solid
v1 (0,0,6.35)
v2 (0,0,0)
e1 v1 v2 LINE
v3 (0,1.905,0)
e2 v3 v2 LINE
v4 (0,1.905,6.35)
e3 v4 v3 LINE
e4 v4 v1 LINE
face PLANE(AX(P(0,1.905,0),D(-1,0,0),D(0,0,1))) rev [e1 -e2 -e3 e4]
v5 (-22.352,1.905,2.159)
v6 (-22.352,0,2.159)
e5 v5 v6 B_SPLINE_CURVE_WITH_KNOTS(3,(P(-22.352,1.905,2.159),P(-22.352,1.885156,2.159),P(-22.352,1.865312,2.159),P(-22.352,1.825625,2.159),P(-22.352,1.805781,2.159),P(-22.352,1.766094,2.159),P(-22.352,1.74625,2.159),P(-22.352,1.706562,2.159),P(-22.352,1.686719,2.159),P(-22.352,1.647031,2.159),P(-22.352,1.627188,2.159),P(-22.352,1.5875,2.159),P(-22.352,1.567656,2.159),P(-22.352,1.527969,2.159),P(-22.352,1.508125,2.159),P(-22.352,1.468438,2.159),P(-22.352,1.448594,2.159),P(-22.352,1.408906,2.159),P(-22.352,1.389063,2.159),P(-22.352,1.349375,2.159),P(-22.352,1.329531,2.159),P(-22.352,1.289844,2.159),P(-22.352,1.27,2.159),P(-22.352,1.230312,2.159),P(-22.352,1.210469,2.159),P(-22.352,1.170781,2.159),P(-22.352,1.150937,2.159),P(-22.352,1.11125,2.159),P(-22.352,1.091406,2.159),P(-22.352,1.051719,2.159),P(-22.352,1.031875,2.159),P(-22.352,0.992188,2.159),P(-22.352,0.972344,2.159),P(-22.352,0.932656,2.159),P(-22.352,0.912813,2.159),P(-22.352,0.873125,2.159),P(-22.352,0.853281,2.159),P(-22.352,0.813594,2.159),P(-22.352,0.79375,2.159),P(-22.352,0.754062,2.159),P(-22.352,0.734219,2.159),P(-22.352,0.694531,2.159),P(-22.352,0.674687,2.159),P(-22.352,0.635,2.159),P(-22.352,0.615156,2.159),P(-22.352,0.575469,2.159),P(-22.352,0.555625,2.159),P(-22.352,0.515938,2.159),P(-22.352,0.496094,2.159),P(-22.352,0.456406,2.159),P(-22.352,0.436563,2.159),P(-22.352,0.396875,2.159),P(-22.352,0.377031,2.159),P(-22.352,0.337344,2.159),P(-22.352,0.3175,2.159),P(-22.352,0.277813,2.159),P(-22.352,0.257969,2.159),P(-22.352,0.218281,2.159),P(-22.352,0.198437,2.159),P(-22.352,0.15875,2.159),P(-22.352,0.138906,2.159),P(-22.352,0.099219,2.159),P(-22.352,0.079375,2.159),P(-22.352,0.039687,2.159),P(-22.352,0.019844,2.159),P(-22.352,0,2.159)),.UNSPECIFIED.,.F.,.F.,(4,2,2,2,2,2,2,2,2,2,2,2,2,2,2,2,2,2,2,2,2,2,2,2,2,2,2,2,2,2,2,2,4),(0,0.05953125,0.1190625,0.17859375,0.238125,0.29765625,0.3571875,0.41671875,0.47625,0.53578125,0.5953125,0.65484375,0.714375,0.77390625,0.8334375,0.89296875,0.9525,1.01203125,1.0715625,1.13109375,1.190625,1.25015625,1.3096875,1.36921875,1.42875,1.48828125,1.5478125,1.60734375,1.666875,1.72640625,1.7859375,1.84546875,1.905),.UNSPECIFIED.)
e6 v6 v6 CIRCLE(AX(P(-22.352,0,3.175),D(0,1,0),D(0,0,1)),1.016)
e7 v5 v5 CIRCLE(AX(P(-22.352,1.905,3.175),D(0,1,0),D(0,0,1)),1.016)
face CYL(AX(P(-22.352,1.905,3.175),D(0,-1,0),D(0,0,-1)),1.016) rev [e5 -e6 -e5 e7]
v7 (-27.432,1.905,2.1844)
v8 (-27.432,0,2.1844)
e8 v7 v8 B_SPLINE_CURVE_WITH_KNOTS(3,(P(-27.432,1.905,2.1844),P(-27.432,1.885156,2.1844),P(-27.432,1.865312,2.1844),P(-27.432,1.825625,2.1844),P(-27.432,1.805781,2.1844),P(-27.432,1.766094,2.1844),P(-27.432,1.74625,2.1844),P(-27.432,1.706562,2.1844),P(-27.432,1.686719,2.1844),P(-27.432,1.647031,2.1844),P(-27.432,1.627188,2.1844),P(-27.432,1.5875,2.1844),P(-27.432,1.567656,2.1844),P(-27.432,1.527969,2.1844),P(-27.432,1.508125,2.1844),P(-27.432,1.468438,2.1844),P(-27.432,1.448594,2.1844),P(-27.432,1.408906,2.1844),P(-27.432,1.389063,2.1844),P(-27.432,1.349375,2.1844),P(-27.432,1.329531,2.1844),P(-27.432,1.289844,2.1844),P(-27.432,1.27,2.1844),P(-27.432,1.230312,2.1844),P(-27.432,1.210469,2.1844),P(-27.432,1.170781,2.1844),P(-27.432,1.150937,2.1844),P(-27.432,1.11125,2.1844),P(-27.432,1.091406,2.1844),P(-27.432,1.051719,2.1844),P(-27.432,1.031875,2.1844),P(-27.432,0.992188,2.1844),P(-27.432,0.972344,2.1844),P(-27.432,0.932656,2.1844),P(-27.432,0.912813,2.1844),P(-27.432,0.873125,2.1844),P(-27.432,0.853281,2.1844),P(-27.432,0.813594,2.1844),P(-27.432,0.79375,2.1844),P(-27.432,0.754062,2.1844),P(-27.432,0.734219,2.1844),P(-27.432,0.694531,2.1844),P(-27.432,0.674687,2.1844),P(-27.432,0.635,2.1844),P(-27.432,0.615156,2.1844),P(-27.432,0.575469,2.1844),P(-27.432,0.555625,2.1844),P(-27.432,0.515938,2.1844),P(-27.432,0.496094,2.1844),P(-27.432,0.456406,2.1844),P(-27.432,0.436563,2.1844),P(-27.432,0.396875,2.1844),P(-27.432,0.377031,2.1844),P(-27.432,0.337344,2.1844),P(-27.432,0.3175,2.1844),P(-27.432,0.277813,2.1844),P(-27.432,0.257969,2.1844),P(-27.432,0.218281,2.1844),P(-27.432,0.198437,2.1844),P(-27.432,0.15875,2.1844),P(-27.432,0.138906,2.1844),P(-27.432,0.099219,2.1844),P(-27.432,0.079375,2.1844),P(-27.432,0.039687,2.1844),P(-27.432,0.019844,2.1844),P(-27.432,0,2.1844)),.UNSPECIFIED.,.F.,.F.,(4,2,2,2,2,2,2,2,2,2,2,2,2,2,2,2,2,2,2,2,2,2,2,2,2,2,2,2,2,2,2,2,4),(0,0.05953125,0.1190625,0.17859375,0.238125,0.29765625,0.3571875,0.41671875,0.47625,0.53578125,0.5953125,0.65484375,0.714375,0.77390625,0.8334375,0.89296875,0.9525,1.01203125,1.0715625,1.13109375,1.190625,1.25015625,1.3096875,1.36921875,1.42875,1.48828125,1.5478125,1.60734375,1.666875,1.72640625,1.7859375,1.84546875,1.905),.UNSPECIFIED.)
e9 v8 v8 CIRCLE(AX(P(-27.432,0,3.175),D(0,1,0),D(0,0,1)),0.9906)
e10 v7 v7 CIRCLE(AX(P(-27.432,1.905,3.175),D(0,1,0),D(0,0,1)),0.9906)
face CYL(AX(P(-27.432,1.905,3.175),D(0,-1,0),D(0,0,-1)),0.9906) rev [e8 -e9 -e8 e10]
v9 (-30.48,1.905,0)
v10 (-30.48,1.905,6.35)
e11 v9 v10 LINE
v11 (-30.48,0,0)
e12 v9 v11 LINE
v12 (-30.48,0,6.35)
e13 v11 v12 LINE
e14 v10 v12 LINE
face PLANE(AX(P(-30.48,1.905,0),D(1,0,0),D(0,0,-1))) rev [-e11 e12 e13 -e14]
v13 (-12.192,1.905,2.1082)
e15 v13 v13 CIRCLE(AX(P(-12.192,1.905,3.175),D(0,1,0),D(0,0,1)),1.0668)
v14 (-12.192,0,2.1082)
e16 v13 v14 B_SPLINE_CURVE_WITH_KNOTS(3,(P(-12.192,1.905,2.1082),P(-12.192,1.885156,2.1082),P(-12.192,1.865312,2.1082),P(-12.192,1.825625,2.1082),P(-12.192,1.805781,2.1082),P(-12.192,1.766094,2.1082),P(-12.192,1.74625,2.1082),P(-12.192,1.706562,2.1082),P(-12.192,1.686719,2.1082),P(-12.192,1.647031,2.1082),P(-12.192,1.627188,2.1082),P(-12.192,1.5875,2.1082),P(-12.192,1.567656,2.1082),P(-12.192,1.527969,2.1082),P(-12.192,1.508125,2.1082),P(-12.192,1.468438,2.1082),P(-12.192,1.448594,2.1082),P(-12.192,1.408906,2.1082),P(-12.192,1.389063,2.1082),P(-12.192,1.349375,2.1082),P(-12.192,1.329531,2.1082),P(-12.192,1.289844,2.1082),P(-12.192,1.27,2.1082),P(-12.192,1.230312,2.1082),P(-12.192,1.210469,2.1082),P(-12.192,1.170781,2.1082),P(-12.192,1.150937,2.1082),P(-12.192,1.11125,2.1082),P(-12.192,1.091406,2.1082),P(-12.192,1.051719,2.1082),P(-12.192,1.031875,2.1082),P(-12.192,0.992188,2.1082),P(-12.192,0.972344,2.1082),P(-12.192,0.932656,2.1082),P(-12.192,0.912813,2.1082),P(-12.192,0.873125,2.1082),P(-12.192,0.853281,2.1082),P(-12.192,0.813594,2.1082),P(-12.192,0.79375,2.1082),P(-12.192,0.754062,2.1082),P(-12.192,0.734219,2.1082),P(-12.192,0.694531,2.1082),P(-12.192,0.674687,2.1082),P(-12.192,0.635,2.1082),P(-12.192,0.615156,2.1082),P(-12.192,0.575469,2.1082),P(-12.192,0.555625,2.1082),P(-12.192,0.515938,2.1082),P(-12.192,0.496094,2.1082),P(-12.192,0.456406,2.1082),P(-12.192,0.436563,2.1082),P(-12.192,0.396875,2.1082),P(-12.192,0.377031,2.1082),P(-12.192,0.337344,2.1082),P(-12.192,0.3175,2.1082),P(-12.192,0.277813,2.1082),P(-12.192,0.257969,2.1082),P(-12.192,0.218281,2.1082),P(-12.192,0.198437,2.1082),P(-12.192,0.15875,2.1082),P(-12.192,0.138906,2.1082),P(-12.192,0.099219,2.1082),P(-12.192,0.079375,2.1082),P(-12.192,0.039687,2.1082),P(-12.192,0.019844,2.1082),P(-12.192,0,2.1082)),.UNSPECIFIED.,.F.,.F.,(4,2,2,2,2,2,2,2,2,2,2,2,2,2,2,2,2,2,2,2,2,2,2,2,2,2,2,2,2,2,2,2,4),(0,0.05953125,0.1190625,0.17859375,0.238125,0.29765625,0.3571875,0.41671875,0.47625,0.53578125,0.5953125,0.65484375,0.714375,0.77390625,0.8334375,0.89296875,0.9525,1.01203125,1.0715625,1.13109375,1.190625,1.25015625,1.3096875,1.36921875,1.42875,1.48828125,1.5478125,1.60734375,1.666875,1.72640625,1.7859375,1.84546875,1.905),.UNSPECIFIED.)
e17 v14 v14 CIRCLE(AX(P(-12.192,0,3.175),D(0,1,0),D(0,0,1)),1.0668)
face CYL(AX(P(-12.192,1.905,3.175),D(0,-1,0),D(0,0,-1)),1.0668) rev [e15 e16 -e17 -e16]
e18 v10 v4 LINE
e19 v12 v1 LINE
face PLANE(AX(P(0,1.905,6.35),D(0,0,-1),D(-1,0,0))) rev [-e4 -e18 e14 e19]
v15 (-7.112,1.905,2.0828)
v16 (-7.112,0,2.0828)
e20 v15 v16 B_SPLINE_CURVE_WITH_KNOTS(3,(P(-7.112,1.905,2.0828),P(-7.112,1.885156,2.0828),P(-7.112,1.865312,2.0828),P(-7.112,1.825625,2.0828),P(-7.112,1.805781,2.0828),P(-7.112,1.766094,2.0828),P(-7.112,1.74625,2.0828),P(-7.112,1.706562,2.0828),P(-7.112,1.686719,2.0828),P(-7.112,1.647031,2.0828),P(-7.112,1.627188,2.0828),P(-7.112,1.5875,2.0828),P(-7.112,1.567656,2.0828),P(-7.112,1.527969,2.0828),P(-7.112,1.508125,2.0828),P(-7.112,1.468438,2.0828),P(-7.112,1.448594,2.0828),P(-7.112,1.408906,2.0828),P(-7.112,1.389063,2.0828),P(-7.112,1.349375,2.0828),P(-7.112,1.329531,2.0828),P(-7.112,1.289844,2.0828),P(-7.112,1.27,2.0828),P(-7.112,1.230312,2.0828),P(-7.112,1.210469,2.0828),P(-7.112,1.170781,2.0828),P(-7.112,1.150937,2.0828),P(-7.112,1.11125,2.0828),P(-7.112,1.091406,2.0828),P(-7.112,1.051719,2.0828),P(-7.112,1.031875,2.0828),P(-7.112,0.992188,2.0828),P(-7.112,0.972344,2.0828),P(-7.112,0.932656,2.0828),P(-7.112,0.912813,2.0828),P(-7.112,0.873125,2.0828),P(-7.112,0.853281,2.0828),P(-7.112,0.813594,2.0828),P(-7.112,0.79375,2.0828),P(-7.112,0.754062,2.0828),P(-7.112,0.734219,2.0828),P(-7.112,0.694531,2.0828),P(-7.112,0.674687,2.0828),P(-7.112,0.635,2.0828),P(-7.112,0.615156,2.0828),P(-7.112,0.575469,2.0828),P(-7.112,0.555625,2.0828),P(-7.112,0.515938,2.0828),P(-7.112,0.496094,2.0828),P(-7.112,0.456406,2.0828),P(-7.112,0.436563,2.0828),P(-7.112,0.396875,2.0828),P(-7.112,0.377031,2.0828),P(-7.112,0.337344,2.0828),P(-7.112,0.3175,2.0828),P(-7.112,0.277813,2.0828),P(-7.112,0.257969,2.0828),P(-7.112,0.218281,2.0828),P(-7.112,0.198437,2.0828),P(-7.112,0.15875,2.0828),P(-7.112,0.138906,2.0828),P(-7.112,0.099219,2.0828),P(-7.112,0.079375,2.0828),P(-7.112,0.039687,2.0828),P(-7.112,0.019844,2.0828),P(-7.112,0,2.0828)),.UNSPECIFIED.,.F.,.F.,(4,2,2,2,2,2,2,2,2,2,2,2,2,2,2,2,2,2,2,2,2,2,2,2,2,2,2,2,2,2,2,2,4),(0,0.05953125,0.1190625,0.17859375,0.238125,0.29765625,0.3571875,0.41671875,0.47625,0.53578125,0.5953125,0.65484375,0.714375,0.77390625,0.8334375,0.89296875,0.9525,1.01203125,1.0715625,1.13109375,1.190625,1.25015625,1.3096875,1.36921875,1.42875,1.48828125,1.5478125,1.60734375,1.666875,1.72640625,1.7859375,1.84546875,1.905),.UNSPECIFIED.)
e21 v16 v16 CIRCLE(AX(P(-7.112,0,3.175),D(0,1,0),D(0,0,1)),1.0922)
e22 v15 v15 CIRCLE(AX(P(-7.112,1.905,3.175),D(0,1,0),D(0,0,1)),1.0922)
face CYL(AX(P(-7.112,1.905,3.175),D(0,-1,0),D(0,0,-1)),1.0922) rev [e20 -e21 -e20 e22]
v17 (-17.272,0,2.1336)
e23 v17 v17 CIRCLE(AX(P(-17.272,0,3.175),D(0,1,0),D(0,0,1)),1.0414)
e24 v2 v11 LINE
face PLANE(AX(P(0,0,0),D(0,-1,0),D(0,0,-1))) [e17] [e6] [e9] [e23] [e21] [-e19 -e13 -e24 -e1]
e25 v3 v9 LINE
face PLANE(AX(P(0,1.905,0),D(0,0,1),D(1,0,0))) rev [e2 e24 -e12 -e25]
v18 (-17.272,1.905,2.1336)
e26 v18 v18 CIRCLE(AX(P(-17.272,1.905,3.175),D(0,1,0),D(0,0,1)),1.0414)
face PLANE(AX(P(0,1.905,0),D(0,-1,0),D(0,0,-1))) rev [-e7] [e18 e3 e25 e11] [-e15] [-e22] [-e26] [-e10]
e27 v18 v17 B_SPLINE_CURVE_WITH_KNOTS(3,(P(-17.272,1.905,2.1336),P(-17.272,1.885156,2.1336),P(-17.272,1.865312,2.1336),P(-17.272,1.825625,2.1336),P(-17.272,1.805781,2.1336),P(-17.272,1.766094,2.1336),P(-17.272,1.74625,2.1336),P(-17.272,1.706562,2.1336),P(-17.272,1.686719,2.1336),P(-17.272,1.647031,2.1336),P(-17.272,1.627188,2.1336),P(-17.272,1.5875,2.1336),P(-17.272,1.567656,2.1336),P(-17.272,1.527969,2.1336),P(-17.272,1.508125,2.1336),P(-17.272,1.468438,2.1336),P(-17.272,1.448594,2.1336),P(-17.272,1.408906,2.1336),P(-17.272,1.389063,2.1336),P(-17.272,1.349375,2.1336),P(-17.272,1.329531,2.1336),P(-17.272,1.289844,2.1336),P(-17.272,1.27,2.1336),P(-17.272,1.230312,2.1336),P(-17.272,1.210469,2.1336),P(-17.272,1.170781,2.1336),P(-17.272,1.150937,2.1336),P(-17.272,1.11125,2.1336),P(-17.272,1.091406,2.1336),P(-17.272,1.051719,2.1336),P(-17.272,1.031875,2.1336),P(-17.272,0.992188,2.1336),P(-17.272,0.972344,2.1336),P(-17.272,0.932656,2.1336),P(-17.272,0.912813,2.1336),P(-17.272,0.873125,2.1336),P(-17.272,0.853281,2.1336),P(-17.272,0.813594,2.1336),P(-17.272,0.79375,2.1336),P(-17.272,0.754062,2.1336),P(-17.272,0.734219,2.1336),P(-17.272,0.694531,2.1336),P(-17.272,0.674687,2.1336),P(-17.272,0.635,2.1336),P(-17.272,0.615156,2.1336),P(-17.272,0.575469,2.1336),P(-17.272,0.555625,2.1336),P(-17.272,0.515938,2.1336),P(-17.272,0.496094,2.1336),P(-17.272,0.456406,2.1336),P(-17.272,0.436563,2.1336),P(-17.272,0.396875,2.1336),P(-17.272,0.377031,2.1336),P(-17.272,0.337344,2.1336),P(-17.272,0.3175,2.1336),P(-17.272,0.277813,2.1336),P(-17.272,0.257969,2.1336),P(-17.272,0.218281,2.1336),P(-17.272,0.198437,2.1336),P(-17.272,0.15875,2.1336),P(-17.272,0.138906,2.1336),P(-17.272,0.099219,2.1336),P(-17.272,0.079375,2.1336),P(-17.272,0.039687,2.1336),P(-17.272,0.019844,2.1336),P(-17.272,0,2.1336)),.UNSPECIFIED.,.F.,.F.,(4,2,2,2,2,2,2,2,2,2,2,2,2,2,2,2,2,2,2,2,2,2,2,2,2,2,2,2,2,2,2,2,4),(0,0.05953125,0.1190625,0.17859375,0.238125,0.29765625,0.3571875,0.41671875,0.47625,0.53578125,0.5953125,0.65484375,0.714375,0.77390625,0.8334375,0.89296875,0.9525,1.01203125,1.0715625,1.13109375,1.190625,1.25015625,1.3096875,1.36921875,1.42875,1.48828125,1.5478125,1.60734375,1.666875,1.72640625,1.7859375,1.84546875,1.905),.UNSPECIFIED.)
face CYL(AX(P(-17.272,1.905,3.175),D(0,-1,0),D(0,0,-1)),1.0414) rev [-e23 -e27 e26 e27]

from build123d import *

# Parameters (mm, degrees)
SKETCH1_W           = 30.48
SKETCH1_H           = 6.35
SKETCH1_R           = 0.9906
SKETCH1_R_2         = 1.016
SKETCH1_R_3         = 1.0414
SKETCH1_R_4         = 1.0668
SKETCH1_R_5         = 1.0922
BOSS_EXTRUDE1_DEPTH = 1.905


with BuildPart() as part:
    # Sketch1 → Boss-Extrude1 (new body)
    with BuildSketch(Plane(origin=(0, 0, 0), x_dir=(1, 0, 0), z_dir=(0, 1, 0))):
        with Locations((-15.24, -3.175)):
            Rectangle(SKETCH1_W, SKETCH1_H)
        with Locations(Location((-27.432, -3.175, 0), (0, 0, 90))):
            Circle(SKETCH1_R, mode=Mode.SUBTRACT)
        with Locations(Location((-22.352, -3.175, 0), (0, 0, 90))):
            Circle(SKETCH1_R_2, mode=Mode.SUBTRACT)
        with Locations(Location((-17.272, -3.175, 0), (0, 0, 90))):
            Circle(SKETCH1_R_3, mode=Mode.SUBTRACT)
        with Locations(Location((-12.192, -3.175, 0), (0, 0, 90))):
            Circle(SKETCH1_R_4, mode=Mode.SUBTRACT)
        with Locations(Location((-7.112, -3.175, 0), (0, 0, 90))):
            Circle(SKETCH1_R_5, mode=Mode.SUBTRACT)
    extrude(amount=BOSS_EXTRUDE1_DEPTH)


solid = part.part
